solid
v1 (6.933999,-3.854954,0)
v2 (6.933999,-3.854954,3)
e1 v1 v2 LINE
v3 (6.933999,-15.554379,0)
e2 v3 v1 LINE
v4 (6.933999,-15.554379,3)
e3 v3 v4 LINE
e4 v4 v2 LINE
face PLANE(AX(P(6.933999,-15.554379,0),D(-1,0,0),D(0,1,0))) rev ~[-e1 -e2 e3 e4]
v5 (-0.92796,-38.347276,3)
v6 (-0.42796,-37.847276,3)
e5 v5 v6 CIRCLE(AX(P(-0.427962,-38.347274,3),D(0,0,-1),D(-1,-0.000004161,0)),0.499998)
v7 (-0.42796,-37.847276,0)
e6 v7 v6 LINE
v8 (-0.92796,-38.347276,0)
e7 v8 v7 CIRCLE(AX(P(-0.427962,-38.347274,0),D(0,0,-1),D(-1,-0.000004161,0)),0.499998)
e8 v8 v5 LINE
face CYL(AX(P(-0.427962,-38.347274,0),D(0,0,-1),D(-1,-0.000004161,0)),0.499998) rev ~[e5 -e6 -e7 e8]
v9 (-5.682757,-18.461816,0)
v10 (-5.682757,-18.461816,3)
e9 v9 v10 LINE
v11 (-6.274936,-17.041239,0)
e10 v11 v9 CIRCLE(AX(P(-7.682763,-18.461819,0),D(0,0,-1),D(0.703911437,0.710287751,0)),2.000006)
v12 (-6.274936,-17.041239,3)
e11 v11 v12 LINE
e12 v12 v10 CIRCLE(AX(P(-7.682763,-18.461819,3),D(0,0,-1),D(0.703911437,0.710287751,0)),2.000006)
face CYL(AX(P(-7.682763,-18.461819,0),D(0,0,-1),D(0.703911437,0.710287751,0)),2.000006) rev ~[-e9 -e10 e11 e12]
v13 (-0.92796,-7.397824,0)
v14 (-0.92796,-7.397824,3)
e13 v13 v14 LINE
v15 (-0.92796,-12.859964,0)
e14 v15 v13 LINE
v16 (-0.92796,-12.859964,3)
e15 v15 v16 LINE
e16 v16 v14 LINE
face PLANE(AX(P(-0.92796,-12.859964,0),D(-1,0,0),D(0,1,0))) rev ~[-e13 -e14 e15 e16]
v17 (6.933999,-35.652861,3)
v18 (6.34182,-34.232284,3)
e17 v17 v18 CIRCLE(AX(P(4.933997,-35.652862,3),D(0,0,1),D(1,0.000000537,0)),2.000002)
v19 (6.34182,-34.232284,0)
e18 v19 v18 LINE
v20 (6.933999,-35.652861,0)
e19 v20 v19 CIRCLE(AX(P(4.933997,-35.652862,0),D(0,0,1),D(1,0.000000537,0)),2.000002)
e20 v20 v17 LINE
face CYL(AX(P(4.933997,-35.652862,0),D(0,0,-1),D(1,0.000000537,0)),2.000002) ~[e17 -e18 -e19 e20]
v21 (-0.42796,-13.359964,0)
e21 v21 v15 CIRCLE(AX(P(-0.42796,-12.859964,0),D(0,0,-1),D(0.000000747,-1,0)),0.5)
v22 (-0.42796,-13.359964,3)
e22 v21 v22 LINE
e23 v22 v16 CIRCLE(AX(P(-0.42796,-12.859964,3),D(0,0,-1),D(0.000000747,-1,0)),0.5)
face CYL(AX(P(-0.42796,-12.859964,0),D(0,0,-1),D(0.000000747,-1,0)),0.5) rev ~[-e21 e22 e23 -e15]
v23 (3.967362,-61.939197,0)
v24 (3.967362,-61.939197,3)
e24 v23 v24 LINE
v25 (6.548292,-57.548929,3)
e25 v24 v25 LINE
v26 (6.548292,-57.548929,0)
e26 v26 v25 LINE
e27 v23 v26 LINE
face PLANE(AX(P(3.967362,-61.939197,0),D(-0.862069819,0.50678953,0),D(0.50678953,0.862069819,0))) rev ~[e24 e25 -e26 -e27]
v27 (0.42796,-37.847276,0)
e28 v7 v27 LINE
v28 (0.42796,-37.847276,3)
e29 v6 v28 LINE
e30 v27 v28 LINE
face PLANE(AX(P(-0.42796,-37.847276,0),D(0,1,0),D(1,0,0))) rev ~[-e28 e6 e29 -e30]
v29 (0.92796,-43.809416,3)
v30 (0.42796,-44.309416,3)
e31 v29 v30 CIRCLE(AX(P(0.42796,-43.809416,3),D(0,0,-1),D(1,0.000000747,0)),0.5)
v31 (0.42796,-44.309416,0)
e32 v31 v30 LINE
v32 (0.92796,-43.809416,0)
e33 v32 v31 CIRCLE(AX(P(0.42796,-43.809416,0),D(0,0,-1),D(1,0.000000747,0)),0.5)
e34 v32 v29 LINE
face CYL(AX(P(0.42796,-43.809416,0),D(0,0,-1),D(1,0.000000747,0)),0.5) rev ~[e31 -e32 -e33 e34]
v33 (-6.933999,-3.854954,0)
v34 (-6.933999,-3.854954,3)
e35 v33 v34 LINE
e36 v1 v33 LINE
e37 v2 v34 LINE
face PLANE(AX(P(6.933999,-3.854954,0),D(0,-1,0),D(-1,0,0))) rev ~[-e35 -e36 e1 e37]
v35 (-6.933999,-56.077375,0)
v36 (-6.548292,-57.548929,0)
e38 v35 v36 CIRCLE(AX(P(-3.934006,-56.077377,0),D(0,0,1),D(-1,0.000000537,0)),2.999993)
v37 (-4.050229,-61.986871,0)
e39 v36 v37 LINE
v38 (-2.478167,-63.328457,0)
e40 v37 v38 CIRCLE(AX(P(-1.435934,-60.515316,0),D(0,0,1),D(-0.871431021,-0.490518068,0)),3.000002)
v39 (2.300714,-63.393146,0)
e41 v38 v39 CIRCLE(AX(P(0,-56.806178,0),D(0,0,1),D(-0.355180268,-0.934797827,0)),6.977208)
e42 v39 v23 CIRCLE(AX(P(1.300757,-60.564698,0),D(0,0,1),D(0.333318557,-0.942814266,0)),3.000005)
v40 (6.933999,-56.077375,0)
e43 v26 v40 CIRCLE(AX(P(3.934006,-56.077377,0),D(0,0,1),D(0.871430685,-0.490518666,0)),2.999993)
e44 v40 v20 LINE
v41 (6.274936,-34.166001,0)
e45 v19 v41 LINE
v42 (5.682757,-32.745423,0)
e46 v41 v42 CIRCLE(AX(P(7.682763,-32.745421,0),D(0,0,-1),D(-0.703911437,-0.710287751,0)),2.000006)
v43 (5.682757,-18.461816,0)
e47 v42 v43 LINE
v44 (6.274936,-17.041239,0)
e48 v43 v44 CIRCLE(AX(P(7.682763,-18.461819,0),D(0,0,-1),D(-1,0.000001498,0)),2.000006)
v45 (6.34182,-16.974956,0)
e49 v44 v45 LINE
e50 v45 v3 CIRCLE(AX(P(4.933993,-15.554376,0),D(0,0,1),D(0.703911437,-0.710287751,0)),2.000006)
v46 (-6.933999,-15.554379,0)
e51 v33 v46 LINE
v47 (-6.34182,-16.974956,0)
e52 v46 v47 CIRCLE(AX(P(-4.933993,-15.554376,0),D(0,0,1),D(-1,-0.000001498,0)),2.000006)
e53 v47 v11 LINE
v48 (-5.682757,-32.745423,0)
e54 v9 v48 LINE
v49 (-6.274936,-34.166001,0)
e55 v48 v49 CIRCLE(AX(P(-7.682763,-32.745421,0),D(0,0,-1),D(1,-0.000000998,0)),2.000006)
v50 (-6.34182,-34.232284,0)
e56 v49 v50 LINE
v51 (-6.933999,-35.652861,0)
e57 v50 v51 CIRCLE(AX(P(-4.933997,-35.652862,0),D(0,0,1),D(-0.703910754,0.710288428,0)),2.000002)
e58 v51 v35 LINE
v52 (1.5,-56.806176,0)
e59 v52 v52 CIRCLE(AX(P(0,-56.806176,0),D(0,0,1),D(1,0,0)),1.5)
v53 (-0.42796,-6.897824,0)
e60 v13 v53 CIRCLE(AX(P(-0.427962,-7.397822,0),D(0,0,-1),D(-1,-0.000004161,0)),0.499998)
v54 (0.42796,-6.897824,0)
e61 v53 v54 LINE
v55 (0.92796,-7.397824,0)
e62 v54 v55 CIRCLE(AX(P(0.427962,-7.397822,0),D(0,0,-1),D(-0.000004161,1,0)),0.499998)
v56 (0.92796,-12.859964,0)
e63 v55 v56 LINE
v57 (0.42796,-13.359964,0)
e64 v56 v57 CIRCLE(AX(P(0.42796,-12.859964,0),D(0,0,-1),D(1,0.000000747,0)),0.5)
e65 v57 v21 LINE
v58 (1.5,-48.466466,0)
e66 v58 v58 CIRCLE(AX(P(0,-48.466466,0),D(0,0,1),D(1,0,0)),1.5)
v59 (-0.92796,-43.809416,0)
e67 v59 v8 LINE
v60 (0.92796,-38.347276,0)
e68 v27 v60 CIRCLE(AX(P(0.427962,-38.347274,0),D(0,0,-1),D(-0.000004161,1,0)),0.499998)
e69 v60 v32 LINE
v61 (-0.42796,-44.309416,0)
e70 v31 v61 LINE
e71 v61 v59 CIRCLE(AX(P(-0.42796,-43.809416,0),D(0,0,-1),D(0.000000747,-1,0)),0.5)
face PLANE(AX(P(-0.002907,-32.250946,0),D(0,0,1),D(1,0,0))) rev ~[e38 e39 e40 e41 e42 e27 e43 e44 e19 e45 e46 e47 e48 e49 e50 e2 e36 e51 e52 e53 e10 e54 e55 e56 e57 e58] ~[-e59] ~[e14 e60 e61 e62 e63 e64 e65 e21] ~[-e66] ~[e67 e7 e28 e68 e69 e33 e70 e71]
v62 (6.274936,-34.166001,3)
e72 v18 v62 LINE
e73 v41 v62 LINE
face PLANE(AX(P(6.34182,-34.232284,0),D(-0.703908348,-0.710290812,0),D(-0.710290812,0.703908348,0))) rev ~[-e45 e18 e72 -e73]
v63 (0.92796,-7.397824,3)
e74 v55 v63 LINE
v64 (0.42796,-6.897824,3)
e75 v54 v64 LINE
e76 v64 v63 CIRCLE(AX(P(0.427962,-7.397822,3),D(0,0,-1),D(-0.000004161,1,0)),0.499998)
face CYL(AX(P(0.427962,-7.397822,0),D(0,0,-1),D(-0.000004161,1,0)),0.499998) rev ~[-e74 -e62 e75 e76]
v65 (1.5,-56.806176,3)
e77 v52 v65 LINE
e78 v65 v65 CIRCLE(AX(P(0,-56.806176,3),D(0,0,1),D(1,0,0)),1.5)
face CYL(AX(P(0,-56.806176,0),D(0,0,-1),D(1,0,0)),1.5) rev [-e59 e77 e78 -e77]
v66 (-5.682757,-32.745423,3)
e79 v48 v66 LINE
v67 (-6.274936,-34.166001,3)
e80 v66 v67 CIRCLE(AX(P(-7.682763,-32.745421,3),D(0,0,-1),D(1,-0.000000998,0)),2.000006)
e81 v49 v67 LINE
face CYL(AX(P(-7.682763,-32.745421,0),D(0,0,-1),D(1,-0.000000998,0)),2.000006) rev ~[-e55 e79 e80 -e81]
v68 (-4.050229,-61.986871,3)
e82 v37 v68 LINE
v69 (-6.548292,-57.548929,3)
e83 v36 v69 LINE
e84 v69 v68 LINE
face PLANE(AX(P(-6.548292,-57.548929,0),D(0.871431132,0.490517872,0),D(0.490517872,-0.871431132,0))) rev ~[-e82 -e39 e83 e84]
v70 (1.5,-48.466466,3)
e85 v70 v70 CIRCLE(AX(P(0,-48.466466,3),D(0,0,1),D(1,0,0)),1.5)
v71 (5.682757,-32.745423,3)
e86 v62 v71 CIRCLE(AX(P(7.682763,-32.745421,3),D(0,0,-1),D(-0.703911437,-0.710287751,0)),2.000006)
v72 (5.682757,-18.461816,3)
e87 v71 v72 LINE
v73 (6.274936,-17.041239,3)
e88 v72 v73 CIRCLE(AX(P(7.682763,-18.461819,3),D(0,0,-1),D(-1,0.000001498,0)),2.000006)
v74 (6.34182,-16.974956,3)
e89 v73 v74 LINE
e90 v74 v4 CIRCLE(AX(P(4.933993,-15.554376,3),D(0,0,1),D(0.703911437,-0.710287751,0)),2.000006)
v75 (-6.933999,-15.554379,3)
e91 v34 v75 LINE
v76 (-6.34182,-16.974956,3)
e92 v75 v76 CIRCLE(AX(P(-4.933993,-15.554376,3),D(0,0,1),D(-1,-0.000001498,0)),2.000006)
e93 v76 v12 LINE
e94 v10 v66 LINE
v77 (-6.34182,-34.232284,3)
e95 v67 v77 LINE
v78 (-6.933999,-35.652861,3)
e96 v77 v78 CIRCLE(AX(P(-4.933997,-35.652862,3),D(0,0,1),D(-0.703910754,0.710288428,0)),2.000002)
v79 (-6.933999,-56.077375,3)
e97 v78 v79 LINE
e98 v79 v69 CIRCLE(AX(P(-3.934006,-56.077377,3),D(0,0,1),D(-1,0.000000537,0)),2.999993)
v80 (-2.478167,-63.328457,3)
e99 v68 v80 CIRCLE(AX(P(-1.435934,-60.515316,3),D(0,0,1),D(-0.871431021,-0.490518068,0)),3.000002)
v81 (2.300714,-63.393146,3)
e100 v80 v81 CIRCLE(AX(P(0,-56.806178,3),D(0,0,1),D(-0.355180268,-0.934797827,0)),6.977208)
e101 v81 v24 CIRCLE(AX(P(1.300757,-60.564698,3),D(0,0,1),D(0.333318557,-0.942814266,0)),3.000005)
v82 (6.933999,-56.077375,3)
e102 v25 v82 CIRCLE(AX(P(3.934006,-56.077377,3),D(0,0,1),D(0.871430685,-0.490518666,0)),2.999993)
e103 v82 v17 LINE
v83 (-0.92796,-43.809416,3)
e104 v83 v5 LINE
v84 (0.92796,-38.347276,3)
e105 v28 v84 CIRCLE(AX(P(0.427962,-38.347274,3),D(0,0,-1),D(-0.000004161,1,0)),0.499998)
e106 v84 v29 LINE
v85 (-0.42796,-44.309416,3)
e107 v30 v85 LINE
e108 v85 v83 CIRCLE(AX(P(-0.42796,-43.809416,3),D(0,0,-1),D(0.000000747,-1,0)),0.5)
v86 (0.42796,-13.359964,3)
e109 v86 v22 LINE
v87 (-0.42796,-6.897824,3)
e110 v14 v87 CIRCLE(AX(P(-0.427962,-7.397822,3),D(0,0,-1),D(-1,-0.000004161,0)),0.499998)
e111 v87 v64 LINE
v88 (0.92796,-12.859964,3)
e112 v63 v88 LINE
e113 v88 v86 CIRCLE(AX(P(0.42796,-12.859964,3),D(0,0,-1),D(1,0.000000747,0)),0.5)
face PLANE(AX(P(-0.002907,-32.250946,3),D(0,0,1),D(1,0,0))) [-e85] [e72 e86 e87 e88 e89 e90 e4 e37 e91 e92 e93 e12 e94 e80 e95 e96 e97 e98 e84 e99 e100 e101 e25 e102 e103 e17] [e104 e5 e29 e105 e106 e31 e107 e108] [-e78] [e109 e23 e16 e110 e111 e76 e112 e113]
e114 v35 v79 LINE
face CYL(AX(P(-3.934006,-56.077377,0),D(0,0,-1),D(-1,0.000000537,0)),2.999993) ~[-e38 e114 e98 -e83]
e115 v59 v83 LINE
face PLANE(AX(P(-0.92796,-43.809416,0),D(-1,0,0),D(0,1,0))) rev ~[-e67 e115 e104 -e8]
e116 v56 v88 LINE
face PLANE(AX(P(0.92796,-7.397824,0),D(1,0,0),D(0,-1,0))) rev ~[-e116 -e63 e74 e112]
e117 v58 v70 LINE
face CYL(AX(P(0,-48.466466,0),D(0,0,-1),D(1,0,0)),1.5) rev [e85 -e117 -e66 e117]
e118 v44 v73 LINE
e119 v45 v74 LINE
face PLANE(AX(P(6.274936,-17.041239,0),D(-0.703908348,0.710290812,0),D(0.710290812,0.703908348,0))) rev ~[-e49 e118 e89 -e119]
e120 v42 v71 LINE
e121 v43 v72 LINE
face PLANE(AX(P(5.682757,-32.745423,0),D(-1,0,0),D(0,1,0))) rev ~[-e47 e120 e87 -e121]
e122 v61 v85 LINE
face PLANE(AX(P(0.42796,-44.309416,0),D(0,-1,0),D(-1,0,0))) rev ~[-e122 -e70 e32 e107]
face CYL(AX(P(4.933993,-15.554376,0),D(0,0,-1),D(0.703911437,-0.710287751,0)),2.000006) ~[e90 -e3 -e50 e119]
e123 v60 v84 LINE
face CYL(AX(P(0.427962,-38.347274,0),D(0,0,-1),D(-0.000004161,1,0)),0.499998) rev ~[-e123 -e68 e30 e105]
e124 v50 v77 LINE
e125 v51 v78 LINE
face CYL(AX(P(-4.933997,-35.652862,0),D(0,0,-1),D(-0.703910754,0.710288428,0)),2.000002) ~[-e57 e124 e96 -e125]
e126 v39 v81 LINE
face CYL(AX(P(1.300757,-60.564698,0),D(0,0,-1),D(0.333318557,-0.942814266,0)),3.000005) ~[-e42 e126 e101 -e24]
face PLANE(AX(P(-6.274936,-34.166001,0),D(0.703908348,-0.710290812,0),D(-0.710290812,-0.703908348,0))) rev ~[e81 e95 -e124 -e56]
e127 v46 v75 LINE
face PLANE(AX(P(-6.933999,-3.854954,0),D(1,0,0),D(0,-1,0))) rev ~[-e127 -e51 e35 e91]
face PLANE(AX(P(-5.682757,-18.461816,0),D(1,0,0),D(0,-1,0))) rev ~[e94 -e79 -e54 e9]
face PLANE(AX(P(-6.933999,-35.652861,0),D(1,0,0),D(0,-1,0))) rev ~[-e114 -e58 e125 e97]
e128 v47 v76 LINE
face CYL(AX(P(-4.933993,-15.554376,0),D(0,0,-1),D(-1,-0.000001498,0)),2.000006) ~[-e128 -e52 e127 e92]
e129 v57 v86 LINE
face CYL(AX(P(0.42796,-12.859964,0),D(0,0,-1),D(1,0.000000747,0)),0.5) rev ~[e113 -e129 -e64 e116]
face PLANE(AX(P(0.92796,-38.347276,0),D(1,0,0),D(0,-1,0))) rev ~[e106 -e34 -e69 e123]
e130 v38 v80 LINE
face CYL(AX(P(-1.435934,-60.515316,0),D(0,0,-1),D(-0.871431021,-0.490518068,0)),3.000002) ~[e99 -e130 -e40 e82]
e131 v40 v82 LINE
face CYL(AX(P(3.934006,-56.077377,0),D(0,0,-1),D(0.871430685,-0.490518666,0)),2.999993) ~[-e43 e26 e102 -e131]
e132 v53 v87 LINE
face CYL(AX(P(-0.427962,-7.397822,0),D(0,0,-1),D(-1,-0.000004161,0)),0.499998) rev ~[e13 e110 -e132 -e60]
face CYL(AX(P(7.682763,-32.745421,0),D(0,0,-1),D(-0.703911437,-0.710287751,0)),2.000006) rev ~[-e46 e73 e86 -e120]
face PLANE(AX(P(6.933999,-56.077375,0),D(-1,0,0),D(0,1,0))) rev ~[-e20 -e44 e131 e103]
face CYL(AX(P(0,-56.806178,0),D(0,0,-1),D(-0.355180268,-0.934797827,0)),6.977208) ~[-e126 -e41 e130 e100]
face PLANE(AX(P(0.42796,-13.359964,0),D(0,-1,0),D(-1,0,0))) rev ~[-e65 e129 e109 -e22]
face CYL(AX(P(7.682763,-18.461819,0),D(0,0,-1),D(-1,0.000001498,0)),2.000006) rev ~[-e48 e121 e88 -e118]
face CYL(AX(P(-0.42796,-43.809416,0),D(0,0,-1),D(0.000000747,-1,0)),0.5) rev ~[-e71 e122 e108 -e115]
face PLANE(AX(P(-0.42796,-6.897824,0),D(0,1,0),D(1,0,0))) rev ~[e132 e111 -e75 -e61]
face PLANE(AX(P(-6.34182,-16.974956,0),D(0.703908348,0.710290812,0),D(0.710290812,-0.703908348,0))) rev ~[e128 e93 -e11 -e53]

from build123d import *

# Parameters (mm, degrees)
F0_R     = 1.5
F1_DEPTH = 3


with BuildPart() as f1:
    # F0 (on Top) → F1 (new body)
    with BuildSketch(Plane.XY):
        with BuildLine():
            Line((6.933999, -56.077375), (6.933999, -37.712938))
            Line((6.933999, -37.712938), (6.933999, -35.652861))
            ThreePointArc((6.933999, -35.652861), (6.780027, -34.883329), (6.34182, -34.232284))
            Line((6.34182, -34.232284), (6.274936, -34.166001))
            ThreePointArc((6.274936, -34.166001), (5.836729, -33.514955), (5.682757, -32.745423))
            Line((5.682757, -32.745423), (5.682757, -25.60362))
            Line((5.682757, -25.60362), (5.682757, -18.461816))
            ThreePointArc((5.682757, -18.461816), (5.836729, -17.692285), (6.274936, -17.041239))
            Line((6.274936, -17.041239), (6.34182, -16.974956))
            ThreePointArc((6.34182, -16.974956), (6.780027, -16.32391), (6.933999, -15.554379))
            Line((6.933999, -15.554379), (6.933999, -3.854954))
            Line((6.933999, -3.854954), (-6.933999, -3.854954))
            Line((-6.933999, -3.854954), (-6.933999, -15.554379))
            ThreePointArc((-6.933999, -15.554379), (-6.780027, -16.32391), (-6.34182, -16.974956))
            Line((-6.34182, -16.974956), (-6.274936, -17.041239))
            ThreePointArc((-6.274936, -17.041239), (-5.836729, -17.692285), (-5.682757, -18.461816))
            Line((-5.682757, -18.461816), (-5.682757, -32.745423))
            ThreePointArc((-5.682757, -32.745423), (-5.836729, -33.514955), (-6.274936, -34.166001))
            Line((-6.274936, -34.166001), (-6.34182, -34.232284))
            ThreePointArc((-6.34182, -34.232284), (-6.780027, -34.883329), (-6.933999, -35.652861))
            Line((-6.933999, -35.652861), (-6.933999, -37.712938))
            Line((-6.933999, -37.712938), (-6.933999, -56.077375))
            ThreePointArc((-6.933999, -56.077375), (-6.835971, -56.838006), (-6.548292, -57.548929))
            Line((-6.548292, -57.548929), (-4.050229, -61.986871))
            ThreePointArc((-4.050229, -61.986871), (-3.383371, -62.797311), (-2.478167, -63.328457))
            ThreePointArc((-2.478167, -63.328457), (-0.094438, -63.782747), (2.300714, -63.393146))
            ThreePointArc((2.300714, -63.393146), (3.272916, -62.825366), (3.967362, -61.939197))
            Line((3.967362, -61.939197), (6.548292, -57.548929))
            ThreePointArc((6.548292, -57.548929), (6.835971, -56.838006), (6.933999, -56.077375))
        make_face()
        with Locations((0, -56.806176)):
            Circle(F0_R, mode=Mode.SUBTRACT)
        with Locations((0, -48.466466)):
            Circle(F0_R, mode=Mode.SUBTRACT)
        with BuildLine():
            Line((-0.42796, -37.847276), (0.42796, -37.847276))
            ThreePointArc((0.42796, -37.847276), (0.781514, -37.993722), (0.92796, -38.347276))
            Line((0.92796, -38.347276), (0.92796, -43.809416))
            ThreePointArc((0.92796, -43.809416), (0.781514, -44.162969), (0.42796, -44.309416))
            Line((0.42796, -44.309416), (-0.42796, -44.309416))
            ThreePointArc((-0.42796, -44.309416), (-0.781514, -44.162969), (-0.92796, -43.809416))
            Line((-0.92796, -43.809416), (-0.92796, -38.347276))
            ThreePointArc((-0.92796, -38.347276), (-0.781514, -37.993722), (-0.42796, -37.847276))
        make_face(mode=Mode.SUBTRACT)
        with BuildLine():
            ThreePointArc((0.92796, -12.859964), (0.781514, -13.213517), (0.42796, -13.359964))
            Line((0.42796, -13.359964), (-0.42796, -13.359964))
            ThreePointArc((-0.42796, -13.359964), (-0.781514, -13.213517), (-0.92796, -12.859964))
            Line((-0.92796, -12.859964), (-0.92796, -7.397824))
            ThreePointArc((-0.92796, -7.397824), (-0.781514, -7.04427), (-0.42796, -6.897824))
            Line((-0.42796, -6.897824), (0.42796, -6.897824))
            ThreePointArc((0.42796, -6.897824), (0.781514, -7.04427), (0.92796, -7.397824))
            Line((0.92796, -7.397824), (0.92796, -12.859964))
        make_face(mode=Mode.SUBTRACT)
    extrude(amount=F1_DEPTH)


solid = f1.part
